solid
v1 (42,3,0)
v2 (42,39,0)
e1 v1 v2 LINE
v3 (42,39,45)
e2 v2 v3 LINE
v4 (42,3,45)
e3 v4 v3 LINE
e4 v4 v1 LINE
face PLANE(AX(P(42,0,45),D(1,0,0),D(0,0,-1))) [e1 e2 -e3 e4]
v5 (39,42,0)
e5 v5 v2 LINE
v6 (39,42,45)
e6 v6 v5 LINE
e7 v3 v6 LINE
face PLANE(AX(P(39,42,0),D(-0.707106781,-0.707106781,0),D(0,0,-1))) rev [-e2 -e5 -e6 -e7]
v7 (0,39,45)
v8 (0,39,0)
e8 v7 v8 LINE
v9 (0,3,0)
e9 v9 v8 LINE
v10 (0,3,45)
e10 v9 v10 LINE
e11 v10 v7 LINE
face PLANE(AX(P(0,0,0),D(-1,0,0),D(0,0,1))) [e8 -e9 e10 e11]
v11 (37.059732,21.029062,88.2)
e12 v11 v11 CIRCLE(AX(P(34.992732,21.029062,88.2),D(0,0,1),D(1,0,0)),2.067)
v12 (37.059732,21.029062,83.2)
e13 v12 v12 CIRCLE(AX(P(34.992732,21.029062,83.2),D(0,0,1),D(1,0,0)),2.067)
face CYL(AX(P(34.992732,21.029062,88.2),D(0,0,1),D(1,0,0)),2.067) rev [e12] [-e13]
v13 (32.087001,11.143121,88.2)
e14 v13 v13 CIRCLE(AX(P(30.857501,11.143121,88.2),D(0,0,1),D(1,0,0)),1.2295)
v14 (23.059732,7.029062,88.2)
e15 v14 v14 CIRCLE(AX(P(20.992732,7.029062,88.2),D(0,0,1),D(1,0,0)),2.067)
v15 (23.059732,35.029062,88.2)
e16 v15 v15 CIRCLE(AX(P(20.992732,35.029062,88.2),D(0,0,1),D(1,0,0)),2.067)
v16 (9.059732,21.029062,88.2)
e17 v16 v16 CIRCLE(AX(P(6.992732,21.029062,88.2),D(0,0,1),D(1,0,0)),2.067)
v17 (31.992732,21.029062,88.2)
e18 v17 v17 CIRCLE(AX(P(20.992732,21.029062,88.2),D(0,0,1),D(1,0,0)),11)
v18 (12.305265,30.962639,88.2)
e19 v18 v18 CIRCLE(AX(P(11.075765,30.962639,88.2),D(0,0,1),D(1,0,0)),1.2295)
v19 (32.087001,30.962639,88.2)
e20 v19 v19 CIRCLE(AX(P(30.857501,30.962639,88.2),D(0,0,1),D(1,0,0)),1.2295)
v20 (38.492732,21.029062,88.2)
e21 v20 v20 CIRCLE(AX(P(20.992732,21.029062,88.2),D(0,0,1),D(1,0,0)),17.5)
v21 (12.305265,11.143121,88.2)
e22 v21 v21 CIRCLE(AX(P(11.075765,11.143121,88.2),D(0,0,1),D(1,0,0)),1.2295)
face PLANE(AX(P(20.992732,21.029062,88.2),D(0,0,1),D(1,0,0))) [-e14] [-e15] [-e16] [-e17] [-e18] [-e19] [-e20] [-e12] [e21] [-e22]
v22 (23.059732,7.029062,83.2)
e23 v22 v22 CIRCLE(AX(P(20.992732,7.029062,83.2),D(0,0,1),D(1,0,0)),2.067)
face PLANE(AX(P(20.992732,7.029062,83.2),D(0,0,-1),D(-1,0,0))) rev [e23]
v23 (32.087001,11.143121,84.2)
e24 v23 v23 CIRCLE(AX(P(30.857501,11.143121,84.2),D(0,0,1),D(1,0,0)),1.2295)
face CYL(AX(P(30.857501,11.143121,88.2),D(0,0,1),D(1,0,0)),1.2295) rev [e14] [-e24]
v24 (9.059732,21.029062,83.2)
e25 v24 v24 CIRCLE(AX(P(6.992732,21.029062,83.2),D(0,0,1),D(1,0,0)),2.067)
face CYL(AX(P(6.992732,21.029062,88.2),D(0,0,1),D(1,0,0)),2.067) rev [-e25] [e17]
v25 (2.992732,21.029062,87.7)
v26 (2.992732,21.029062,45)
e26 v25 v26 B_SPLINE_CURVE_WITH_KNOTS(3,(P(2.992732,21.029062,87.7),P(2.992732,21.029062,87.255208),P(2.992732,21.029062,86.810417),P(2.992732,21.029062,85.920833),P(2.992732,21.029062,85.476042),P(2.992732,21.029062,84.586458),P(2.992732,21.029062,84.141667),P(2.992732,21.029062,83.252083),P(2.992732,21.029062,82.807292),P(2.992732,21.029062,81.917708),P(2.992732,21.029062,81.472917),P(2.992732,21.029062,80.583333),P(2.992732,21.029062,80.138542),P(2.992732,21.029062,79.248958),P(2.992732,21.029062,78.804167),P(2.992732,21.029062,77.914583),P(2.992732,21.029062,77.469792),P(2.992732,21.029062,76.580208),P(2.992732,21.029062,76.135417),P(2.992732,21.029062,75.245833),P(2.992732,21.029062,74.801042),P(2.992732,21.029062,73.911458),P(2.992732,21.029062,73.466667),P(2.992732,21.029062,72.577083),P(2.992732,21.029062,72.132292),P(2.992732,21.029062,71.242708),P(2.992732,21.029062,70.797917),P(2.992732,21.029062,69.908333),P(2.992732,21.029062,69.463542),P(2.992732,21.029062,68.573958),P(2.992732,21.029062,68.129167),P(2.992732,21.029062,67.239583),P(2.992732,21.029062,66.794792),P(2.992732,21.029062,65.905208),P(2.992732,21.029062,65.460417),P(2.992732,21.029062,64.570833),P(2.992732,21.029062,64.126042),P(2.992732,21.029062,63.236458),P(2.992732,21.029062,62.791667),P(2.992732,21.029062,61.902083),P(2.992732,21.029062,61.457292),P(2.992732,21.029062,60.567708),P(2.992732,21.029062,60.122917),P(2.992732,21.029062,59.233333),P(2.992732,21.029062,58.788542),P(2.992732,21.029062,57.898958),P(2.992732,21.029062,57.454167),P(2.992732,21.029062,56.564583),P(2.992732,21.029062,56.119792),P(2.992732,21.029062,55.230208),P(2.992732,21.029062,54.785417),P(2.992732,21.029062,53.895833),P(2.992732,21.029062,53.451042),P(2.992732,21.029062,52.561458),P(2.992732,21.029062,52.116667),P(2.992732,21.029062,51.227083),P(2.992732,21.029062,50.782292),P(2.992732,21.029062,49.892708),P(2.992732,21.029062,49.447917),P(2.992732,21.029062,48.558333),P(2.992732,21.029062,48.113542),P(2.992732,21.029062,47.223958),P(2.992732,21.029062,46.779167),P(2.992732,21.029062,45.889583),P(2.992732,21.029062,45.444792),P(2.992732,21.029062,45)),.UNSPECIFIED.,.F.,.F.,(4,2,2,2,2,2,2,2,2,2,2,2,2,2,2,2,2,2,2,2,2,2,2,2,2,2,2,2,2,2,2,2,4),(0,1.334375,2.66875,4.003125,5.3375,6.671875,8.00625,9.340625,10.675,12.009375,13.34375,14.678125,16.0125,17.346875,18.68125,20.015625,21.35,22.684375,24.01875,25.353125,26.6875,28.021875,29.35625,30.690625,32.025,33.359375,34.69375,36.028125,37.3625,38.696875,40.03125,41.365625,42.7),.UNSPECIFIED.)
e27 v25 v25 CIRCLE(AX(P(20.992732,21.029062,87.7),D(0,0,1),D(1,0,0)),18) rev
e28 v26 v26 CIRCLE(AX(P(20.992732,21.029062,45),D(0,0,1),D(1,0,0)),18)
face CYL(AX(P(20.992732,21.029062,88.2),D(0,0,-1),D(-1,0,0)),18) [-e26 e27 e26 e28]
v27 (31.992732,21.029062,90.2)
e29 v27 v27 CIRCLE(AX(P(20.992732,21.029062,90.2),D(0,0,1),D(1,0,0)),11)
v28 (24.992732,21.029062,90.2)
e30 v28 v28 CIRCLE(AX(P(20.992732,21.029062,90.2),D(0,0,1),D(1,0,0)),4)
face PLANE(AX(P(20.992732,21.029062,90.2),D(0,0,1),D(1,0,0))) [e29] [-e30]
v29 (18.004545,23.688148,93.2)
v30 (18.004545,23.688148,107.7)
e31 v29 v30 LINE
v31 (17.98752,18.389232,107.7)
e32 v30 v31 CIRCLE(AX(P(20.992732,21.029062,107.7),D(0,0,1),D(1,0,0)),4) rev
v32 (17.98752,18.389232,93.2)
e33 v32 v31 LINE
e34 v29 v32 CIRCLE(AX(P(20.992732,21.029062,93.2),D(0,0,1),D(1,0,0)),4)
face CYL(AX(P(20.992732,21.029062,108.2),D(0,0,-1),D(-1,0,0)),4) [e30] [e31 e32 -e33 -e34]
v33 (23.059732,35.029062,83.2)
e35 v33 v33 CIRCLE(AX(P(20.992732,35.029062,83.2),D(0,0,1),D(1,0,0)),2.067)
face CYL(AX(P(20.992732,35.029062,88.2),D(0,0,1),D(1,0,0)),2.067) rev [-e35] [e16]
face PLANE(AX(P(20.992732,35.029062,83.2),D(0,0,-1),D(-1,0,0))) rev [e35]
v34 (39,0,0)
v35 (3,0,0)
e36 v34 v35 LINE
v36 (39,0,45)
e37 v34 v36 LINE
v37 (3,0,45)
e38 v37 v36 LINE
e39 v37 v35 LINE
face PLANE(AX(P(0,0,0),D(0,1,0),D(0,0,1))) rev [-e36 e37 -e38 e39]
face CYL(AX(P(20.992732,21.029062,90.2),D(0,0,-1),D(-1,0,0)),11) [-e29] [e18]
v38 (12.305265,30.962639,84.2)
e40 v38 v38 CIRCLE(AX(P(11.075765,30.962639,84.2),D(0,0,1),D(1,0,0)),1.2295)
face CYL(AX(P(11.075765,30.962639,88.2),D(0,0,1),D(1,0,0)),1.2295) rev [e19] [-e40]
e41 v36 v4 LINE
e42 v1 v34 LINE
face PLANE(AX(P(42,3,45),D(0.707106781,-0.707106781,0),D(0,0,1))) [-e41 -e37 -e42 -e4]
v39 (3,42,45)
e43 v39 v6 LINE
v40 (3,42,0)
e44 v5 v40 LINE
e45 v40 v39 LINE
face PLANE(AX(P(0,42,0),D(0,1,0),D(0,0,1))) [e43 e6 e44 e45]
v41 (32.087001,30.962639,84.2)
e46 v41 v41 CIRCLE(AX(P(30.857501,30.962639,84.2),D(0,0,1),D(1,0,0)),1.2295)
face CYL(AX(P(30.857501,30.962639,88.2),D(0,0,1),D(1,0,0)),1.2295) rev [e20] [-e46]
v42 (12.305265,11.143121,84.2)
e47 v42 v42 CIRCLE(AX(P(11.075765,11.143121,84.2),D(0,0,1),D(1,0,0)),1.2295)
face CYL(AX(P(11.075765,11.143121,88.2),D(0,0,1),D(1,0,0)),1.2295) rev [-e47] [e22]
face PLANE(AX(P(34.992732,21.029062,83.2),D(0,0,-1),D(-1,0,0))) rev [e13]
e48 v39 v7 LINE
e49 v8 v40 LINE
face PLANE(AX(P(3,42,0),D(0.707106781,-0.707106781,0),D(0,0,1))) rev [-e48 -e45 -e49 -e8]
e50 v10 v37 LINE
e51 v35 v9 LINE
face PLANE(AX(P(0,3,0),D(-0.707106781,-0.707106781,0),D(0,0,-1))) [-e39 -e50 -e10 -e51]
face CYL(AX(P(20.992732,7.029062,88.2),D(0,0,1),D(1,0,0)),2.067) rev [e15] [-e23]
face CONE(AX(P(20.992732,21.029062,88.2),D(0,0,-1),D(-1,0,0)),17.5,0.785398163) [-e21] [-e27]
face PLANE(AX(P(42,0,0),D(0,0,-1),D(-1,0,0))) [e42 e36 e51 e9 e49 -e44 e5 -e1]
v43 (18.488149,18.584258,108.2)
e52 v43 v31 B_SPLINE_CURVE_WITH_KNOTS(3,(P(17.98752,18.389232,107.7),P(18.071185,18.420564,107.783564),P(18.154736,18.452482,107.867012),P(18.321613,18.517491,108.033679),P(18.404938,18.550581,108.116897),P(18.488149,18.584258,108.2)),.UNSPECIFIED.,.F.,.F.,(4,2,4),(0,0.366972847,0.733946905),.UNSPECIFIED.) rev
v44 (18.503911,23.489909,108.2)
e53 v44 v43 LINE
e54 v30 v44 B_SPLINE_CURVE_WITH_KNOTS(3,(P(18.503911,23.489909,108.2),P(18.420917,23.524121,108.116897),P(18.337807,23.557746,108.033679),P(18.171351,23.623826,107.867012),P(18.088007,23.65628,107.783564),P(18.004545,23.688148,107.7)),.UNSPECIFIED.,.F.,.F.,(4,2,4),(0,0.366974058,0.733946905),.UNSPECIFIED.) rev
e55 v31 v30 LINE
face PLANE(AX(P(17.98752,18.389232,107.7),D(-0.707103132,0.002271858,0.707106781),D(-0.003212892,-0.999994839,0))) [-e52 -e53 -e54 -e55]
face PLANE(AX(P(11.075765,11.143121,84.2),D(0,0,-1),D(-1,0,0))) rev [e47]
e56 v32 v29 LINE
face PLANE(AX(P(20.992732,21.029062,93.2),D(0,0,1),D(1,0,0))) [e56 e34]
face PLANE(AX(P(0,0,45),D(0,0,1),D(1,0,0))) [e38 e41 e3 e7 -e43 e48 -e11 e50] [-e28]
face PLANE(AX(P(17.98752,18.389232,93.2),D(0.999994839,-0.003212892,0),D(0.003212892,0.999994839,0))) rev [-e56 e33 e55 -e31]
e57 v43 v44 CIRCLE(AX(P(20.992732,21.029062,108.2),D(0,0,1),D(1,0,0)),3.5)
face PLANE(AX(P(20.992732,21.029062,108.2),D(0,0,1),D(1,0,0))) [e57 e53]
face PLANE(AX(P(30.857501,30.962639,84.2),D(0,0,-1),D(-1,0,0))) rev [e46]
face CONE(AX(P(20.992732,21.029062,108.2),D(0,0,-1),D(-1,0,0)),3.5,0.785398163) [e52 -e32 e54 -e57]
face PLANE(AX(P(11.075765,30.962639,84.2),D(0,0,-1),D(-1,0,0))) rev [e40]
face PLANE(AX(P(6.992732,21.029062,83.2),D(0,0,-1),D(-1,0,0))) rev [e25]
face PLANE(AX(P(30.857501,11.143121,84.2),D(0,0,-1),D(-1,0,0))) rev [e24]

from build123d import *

# Parameters (mm, degrees)
SKETCH1_W                  = 42
SKETCH1_H                  = 45
BOSS_EXTRUDE1_DEPTH        = 42
SKETCH2_R                  = 18
BOSS_EXTRUDE2_DEPTH        = 43.2
SKETCH3_R                  = 11
BOSS_EXTRUDE3_DEPTH        = 2
SKETCH4_R                  = 4
BOSS_EXTRUDE4_DEPTH        = 18
CUT_EXTRUDE1_START         = -15
CUT_EXTRUDE1_DEPTH         = 15
M2_CLEARANCE_HOLE1_D       = 2.459
M2_CLEARANCE_HOLE1_DEPTH   = 4
M3_5_CLEARANCE_HOLE1_D     = 4.134
M3_5_CLEARANCE_HOLE1_DEPTH = 5
CHAMFER1_SIZE              = 3
CHAMFER2_SIZE              = 0.5


with BuildPart() as part:
    # Sketch1 → Boss-Extrude1 (new body)
    with BuildSketch(Plane(origin=(0, 42, 0), x_dir=(1, 0, 0), z_dir=(0, 1, 0))):
        with Locations((21, -22.5)):
            Rectangle(SKETCH1_W, SKETCH1_H)
    extrude(amount=-BOSS_EXTRUDE1_DEPTH)

    # Sketch2 → Boss-Extrude2 (add)
    with BuildSketch(Plane.XY.offset(45)):
        with Locations(Location((20.992732048, 21.029062271, 0), (0, 0, 180))):
            Circle(SKETCH2_R)
    extrude(amount=BOSS_EXTRUDE2_DEPTH)

    # Sketch3 → Boss-Extrude3 (add)
    with BuildSketch(Plane.XY.offset(88.2)):
        with Locations((20.992732048, 21.029062271)):
            Circle(SKETCH3_R)
    extrude(amount=BOSS_EXTRUDE3_DEPTH)

    # Sketch4 → Boss-Extrude4 (add)
    with BuildSketch(Plane.XY.offset(90.2)):
        with Locations((20.992732048, 21.029062271)):
            Circle(SKETCH4_R)
    extrude(amount=BOSS_EXTRUDE4_DEPTH)

    # Sketch5 → Cut-Extrude1 (cut)
    with BuildSketch(Plane.XY.offset(108.2).offset(CUT_EXTRUDE1_START)):
        with BuildLine():
            Line((17.987520214, 18.389232384), (18.004545147, 23.688148401))
            ThreePointArc((18.004545147, 23.688148401), (16.992752693, 21.041913839), (17.987520214, 18.389232384))
        make_face()
    extrude(amount=CUT_EXTRUDE1_DEPTH, mode=Mode.SUBTRACT)

    # M2 Clearance Hole1
    with Locations(Plane.XY.offset(88.2)):
        with Locations((11.075764894, 30.962638855), (30.85750103, 30.962638855), (11.075764894, 11.143120527), (30.85750103, 11.143120527)):
            Hole(M2_CLEARANCE_HOLE1_D / 2, depth=M2_CLEARANCE_HOLE1_DEPTH)

    # M3.5 Clearance Hole1
    with Locations(Plane.XY.offset(88.2)):
        with Locations((6.992732048, 21.029062271), (34.992732048, 21.029062271), (20.992732048, 7.029062271), (20.992732048, 35.029062271)):
            Hole(M3_5_CLEARANCE_HOLE1_D / 2, depth=M3_5_CLEARANCE_HOLE1_DEPTH)

    # Chamfer1
    chamfer1_edges = [part.edges().sort_by_distance(p)[0] for p in [
        (0, 0, 22.5),
        (42, 0, 22.5),
        (0, 42, 22.5),
        (42, 42, 22.5),
    ]]
    chamfer(chamfer1_edges, length=CHAMFER1_SIZE)

    # Chamfer2
    chamfer2_edges = [part.edges().sort_by_distance(p)[0] for p in [
        (38.992732048, 21.029062271, 88.2),
        (22.403255473, 17.286012222, 108.2),
        (17.996032681, 21.038690392, 108.2),
    ]]
    chamfer(chamfer2_edges, length=CHAMFER2_SIZE)


solid = part.part
